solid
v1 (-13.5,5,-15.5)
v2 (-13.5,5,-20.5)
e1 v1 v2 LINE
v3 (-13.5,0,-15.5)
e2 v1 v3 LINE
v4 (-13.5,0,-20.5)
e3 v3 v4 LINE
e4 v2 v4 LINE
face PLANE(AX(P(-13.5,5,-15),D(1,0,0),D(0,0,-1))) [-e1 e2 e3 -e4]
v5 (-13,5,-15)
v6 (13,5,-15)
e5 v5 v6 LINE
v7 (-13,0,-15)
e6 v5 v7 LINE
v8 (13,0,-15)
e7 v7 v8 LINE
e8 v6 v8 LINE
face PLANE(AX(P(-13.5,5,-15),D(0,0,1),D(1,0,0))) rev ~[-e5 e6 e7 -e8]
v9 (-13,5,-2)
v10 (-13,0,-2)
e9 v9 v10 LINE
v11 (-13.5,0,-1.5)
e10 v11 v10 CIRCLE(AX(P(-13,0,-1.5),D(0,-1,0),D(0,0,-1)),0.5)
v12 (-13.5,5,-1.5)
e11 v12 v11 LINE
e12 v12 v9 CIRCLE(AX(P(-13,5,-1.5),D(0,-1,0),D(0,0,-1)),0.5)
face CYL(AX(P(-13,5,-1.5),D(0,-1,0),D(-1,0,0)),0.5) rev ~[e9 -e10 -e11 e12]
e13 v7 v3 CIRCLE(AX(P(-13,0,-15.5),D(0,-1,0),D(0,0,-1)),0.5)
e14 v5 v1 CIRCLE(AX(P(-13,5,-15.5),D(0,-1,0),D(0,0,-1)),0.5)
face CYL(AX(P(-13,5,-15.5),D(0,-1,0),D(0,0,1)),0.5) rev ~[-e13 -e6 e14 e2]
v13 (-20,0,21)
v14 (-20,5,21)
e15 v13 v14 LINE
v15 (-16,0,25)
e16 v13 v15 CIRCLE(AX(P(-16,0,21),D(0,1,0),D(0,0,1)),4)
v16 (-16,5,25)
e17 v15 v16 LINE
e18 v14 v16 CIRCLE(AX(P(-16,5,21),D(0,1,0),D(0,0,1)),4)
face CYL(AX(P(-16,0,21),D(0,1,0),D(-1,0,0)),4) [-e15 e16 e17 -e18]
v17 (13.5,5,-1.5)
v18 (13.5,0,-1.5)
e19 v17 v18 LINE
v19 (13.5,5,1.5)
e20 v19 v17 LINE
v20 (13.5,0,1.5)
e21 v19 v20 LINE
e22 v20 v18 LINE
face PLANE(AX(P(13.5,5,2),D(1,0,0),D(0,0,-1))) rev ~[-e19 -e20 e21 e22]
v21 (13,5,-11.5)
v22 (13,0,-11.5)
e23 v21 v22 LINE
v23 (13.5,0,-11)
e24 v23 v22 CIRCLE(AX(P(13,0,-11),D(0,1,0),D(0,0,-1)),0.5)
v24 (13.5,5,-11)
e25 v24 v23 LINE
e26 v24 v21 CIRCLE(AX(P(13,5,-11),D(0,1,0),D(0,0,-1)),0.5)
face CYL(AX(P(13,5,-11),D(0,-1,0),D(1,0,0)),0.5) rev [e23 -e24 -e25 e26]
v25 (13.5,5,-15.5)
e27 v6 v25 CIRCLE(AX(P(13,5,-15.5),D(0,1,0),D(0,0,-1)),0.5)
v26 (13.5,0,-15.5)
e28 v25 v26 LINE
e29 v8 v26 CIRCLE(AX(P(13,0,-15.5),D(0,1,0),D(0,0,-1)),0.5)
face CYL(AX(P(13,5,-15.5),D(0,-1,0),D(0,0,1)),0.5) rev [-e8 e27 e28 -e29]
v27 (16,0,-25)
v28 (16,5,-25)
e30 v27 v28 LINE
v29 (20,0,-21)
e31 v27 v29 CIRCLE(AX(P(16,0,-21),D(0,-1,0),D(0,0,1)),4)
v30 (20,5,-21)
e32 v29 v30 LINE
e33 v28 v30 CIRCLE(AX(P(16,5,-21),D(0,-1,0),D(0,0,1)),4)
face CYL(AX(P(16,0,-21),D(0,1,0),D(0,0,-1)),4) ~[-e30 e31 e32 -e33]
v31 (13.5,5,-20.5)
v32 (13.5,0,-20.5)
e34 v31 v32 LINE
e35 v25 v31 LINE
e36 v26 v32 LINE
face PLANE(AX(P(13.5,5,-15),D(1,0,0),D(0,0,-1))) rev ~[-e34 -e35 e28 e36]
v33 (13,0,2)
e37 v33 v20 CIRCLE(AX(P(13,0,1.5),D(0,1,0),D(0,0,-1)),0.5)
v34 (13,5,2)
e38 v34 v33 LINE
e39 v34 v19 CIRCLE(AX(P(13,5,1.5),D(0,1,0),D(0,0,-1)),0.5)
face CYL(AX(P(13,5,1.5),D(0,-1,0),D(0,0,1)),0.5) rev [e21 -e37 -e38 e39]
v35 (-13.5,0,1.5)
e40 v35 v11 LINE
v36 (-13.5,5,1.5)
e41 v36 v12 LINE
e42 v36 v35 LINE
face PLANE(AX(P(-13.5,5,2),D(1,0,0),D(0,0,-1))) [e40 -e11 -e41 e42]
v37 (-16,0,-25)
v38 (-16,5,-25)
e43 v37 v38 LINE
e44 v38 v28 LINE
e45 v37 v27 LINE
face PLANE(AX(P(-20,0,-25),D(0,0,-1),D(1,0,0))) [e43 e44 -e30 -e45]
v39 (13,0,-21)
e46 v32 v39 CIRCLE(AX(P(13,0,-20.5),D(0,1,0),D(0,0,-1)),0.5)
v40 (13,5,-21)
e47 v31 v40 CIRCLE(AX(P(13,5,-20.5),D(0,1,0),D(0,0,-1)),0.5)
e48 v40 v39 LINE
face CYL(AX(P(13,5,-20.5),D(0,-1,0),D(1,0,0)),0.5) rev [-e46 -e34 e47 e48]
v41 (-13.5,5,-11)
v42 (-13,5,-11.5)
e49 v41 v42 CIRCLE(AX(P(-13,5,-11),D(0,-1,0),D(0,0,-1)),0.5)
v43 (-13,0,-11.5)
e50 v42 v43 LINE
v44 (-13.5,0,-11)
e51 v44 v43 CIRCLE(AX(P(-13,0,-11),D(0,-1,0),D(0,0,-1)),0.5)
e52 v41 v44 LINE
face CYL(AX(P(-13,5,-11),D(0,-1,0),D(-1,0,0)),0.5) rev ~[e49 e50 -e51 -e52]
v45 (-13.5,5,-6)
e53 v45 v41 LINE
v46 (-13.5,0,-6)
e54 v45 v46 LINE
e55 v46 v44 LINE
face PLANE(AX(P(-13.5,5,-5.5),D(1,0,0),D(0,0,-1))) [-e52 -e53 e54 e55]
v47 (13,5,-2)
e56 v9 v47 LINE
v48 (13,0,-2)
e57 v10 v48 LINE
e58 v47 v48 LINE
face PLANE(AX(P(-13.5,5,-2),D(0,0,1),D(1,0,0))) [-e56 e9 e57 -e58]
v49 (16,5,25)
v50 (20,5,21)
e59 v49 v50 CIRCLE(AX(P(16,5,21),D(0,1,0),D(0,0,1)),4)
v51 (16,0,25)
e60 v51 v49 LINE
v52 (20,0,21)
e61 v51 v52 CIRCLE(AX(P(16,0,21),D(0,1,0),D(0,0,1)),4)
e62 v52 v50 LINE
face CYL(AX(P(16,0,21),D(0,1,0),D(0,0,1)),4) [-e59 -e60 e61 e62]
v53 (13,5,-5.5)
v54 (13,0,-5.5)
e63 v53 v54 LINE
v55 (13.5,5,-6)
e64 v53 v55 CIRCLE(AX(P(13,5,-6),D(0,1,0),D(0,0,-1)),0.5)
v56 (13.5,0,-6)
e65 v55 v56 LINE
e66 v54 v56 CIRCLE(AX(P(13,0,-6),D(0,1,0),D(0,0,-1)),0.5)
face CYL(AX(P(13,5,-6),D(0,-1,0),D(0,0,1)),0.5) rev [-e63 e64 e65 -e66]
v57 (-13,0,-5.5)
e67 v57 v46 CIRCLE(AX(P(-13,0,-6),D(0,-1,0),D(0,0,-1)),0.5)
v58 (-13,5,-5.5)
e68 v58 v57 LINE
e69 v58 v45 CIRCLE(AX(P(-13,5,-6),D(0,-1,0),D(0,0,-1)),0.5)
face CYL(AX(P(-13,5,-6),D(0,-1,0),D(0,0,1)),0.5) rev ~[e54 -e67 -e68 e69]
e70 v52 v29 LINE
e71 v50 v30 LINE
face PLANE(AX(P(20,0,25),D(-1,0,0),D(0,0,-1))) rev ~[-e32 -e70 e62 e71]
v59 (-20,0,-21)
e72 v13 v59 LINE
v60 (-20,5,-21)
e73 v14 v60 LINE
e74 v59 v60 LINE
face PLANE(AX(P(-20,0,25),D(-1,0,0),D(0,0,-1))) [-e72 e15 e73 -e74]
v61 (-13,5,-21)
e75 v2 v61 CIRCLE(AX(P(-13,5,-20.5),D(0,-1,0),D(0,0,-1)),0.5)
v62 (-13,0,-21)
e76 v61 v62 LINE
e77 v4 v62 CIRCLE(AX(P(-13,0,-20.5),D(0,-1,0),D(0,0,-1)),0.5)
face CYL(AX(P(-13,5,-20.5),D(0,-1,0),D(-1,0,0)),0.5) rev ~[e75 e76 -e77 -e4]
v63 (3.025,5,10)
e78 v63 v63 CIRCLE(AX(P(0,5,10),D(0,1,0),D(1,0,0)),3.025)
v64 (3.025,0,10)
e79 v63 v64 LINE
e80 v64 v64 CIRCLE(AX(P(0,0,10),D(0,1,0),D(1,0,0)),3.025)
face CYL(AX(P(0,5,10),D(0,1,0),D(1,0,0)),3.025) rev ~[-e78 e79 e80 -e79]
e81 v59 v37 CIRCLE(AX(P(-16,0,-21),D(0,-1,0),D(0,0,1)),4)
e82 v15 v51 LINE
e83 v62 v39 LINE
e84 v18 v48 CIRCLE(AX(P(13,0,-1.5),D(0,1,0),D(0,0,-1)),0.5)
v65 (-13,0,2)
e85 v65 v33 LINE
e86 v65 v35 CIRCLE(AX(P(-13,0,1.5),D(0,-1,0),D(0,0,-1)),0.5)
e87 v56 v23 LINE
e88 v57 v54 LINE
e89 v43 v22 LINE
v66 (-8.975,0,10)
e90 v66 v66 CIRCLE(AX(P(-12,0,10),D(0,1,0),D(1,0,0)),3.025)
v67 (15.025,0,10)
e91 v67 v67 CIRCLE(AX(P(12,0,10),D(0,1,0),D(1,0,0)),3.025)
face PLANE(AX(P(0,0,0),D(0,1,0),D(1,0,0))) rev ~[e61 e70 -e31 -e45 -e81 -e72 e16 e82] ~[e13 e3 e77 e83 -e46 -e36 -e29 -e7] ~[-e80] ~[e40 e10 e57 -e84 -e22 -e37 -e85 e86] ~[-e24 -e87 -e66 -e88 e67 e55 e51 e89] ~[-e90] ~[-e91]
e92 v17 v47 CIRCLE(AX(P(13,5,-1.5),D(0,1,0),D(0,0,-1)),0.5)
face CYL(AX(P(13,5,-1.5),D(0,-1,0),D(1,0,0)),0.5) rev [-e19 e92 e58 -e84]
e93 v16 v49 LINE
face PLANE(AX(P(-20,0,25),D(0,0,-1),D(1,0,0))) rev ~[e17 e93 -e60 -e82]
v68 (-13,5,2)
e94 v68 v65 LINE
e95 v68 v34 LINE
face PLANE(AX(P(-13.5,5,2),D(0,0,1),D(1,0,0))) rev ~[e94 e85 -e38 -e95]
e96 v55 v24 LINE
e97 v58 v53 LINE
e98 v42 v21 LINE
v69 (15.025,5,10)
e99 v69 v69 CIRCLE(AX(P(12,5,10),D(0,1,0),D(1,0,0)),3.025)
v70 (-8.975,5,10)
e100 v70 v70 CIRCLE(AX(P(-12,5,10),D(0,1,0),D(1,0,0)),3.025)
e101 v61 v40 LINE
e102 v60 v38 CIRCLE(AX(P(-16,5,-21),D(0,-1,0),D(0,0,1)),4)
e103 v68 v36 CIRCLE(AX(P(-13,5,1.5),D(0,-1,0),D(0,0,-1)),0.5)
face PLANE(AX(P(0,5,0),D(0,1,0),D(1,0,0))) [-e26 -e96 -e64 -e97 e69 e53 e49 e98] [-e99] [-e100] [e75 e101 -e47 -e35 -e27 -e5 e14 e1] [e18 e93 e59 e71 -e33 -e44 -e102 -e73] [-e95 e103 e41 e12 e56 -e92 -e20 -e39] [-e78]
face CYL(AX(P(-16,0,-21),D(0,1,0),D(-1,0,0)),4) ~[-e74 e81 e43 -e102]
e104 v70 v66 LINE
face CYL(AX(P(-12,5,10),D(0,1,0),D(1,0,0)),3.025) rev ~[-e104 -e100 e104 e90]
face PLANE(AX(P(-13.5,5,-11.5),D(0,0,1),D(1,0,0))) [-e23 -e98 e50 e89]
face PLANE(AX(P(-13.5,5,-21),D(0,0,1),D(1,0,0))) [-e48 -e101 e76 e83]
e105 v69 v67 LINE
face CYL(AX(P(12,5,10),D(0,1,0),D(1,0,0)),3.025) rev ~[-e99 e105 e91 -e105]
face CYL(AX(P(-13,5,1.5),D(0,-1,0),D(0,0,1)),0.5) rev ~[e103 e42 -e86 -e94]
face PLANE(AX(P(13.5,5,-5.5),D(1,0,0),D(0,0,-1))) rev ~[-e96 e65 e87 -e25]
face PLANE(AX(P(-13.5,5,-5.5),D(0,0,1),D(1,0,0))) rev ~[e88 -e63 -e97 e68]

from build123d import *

# Parameters (mm, degrees)
SKETCH1_W           = 40
SKETCH1_H           = 50
BOSS_EXTRUDE1_DEPTH = 5
SKETCH2_W           = 27
SKETCH2_H           = 6
SKETCH2_H_2         = 4
CUT_EXTRUDE1_DEPTH  = 6
SKETCH3_R           = 3.025
CUT_EXTRUDE2_DEPTH  = 6
LPATTERN1_COUNT     = 2
LPATTERN1_PITCH     = 12
LPATTERN1_COL_COUNT = 2
LPATTERN1_COL_PITCH = 12
FILLET1_R           = 4
FILLET2_R           = 0.5


with BuildPart() as part:
    # Sketch1 → Boss-Extrude1 (new body)
    with BuildSketch(Plane(origin=(0, 0, 0), x_dir=(1, 0, 0), z_dir=(0, 1, 0))):
        Rectangle(SKETCH1_W, SKETCH1_H)
    extrude(amount=BOSS_EXTRUDE1_DEPTH)

    # Sketch2 → Cut-Extrude1 (cut, through all)
    with BuildSketch(Plane(origin=(0, 5, 0), x_dir=(1, 0, 0), z_dir=(0, 1, 0))):
        with Locations((0, 18)):
            Rectangle(SKETCH2_W, SKETCH2_H)
        with Locations((0, 8.5)):
            Rectangle(SKETCH2_W, SKETCH2_H)
        Rectangle(SKETCH2_W, SKETCH2_H_2)
    extrude(amount=-CUT_EXTRUDE1_DEPTH, mode=Mode.SUBTRACT)

    # Sketch3 → Cut-Extrude2 (cut, through all)
    with BuildSketch(Plane(origin=(0, 5, 0), x_dir=(1, 0, 0), z_dir=(0, 1, 0))):
        with Locations((0, -10)):
            Circle(SKETCH3_R)
    cut_extrude2 = extrude(amount=-CUT_EXTRUDE2_DEPTH, mode=Mode.SUBTRACT)

    # LPattern1: Cut-Extrude2 ×2
    with Locations(*[(i * LPATTERN1_PITCH, 0, 0) for i in range(1, LPATTERN1_COUNT)]):
        add(cut_extrude2, mode=Mode.SUBTRACT)

    # LPattern1 col: Cut-Extrude2 ×2
    with Locations(*[(-i * LPATTERN1_COL_PITCH, 0, 0) for i in range(1, LPATTERN1_COL_COUNT)]):
        add(cut_extrude2, mode=Mode.SUBTRACT)

    # Fillet1
    fillet1_edges = [part.edges().sort_by_distance(p)[0] for p in [
        (20, 2.5, 25),
        (-20, 2.5, 25),
        (-20, 2.5, -25),
        (20, 2.5, -25),
    ]]
    fillet(fillet1_edges, radius=FILLET1_R)

    # Fillet2
    fillet2_edges = [part.edges().sort_by_distance(p)[0] for p in [
        (13.5, 2.5, -21),
        (13.5, 2.5, -15),
        (-13.5, 2.5, -15),
        (-13.5, 2.5, -21),
        (13.5, 2.5, -11.5),
        (13.5, 2.5, -5.5),
        (-13.5, 2.5, -5.5),
        (-13.5, 2.5, -11.5),
        (13.5, 2.5, -2),
        (13.5, 2.5, 2),
        (-13.5, 2.5, 2),
        (-13.5, 2.5, -2),
    ]]
    fillet(fillet2_edges, radius=FILLET2_R)


solid = part.part
